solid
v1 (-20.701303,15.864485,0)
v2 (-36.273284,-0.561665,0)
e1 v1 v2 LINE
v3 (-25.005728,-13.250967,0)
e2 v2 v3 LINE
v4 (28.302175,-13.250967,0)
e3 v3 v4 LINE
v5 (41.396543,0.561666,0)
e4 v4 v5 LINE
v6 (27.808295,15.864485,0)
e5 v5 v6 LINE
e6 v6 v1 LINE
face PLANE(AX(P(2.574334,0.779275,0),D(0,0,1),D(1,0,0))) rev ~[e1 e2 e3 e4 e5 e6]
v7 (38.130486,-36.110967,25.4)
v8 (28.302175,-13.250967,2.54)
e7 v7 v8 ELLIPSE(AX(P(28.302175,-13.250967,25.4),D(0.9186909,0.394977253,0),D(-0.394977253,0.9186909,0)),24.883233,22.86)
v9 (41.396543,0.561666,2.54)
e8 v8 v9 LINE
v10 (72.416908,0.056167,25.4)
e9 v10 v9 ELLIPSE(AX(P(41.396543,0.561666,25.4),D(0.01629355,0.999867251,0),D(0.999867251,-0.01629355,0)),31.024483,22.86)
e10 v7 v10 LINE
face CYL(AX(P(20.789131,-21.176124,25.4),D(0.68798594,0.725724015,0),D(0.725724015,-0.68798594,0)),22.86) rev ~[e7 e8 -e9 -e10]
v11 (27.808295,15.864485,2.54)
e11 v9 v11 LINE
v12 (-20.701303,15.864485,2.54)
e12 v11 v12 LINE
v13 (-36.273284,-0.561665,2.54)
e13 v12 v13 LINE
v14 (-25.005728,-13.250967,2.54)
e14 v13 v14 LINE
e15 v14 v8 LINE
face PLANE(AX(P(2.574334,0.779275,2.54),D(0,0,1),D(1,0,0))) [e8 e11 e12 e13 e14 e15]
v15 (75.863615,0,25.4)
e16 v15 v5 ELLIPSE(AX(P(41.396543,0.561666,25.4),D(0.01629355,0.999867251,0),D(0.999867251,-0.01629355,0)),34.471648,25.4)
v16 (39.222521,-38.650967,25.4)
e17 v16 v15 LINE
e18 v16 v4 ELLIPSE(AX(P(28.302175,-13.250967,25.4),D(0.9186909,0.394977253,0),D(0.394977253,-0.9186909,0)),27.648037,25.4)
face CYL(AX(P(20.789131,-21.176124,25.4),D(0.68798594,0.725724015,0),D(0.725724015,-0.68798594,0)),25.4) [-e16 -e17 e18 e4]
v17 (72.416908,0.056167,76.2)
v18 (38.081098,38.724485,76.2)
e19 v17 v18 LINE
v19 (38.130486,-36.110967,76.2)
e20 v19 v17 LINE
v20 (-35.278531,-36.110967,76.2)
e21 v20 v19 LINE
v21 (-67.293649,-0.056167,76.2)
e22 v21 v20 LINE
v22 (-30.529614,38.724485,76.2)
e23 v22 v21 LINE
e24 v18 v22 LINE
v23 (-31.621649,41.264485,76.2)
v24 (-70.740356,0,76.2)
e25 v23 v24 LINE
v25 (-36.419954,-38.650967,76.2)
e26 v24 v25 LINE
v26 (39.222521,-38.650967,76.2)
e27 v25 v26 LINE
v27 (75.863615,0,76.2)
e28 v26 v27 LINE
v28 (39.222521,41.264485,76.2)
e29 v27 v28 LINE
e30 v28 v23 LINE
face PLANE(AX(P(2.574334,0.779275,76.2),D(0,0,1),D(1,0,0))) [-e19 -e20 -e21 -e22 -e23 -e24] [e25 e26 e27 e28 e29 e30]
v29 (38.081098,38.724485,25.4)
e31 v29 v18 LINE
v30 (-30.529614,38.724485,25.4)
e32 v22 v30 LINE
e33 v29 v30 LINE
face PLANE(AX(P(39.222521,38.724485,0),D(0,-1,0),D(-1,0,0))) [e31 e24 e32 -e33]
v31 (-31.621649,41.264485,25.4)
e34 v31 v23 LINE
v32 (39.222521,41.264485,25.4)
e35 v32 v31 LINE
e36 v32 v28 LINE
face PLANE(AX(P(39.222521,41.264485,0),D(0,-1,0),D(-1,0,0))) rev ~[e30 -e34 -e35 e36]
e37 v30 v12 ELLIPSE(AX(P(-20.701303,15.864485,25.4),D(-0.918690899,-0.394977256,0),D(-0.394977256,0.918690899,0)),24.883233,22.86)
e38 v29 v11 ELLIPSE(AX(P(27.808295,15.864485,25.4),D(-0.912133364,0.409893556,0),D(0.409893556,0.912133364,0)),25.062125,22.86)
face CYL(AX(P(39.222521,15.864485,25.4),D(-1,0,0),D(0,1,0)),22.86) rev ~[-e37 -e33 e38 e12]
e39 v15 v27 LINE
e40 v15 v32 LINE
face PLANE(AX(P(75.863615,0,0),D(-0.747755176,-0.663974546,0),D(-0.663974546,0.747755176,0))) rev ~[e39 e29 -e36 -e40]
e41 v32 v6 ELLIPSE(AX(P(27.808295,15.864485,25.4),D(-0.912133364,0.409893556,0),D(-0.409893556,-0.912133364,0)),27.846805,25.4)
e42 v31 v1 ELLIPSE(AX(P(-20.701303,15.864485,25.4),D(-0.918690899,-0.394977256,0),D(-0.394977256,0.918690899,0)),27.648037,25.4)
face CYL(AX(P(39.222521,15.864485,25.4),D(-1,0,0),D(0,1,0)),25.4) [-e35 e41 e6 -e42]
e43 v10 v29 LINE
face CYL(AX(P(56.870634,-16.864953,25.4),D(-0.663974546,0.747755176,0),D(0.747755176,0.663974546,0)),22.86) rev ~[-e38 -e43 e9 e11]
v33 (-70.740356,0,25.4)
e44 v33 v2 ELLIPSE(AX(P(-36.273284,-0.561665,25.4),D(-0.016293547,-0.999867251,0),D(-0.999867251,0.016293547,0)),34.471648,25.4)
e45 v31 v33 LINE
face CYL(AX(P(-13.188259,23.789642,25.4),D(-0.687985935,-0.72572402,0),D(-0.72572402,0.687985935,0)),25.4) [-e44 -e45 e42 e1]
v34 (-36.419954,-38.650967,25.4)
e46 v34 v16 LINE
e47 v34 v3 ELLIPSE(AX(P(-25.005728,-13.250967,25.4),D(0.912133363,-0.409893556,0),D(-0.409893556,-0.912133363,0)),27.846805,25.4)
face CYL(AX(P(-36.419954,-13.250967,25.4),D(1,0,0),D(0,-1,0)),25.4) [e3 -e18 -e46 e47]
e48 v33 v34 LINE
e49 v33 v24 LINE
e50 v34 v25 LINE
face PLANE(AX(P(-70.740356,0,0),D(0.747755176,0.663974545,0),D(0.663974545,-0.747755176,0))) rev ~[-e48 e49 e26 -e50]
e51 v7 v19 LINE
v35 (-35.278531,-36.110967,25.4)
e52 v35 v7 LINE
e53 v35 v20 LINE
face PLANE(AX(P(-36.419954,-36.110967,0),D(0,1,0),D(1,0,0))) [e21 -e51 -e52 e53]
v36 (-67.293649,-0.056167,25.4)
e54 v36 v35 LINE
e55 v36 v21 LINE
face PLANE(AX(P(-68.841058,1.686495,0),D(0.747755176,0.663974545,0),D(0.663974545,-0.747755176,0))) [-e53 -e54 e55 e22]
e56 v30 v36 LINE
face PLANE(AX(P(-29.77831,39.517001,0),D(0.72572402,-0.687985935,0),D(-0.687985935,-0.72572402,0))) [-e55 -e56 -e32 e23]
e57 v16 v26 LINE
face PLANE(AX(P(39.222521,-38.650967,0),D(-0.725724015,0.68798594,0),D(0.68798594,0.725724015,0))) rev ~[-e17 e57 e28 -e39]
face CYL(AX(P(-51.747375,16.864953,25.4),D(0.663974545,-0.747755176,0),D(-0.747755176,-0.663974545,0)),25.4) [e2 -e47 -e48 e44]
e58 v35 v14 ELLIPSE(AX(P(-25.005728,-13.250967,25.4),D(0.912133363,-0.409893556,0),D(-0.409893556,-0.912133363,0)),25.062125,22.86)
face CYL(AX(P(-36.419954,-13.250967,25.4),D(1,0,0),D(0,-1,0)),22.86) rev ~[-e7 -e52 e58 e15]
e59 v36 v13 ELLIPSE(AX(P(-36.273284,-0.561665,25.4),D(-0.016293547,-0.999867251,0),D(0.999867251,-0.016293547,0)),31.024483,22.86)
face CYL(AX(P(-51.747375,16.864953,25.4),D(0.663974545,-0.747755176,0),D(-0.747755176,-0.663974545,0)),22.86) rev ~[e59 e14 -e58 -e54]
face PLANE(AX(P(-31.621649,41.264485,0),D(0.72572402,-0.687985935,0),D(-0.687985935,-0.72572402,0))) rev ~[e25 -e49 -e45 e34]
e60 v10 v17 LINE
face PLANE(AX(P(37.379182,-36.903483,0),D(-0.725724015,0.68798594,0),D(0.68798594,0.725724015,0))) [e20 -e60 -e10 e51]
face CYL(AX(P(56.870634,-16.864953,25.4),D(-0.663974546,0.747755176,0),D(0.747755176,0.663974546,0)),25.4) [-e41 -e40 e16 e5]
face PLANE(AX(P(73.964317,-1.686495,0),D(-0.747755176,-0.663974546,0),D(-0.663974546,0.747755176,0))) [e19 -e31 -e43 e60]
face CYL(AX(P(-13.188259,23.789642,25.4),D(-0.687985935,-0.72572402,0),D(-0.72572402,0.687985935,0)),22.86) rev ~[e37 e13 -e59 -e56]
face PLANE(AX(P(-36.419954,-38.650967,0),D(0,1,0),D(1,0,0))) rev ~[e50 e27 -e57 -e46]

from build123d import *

# Parameters (mm, degrees)
F1_DEPTH = 76.2
F2_R     = 25.4
F3_T     = -2.54


with BuildPart() as f1:
    # F0 (on Top) → F1 (new body)
    with BuildSketch(Plane.XY):
        Polygon((-31.621649, 41.264485), (-70.740356, 0), (-36.419954, -38.650967), (39.222521, -38.650967), (75.863615, 0), (39.222521, 41.264485), align=None)
    extrude(amount=F1_DEPTH)

    # F2
    f2_edges = [f1.edges().sort_by_distance(p)[0] for p in [
        (3.800436, 41.264485, 0),
        (-51.181002, 20.632243, 0),
        (-53.580155, -19.325484, 0),
        (1.401283, -38.650967, 0),
        (57.543068, -19.325484, 0),
        (57.543068, 20.632243, 0),
    ]]
    fillet(f2_edges, radius=F2_R)

    # F3
    f3_openings = [f1.faces().sort_by_distance(p)[0] for p in [
        (2.587769, 0.870708, 76.2),
    ]]
    offset(amount=F3_T, openings=f3_openings)


solid = f1.part
